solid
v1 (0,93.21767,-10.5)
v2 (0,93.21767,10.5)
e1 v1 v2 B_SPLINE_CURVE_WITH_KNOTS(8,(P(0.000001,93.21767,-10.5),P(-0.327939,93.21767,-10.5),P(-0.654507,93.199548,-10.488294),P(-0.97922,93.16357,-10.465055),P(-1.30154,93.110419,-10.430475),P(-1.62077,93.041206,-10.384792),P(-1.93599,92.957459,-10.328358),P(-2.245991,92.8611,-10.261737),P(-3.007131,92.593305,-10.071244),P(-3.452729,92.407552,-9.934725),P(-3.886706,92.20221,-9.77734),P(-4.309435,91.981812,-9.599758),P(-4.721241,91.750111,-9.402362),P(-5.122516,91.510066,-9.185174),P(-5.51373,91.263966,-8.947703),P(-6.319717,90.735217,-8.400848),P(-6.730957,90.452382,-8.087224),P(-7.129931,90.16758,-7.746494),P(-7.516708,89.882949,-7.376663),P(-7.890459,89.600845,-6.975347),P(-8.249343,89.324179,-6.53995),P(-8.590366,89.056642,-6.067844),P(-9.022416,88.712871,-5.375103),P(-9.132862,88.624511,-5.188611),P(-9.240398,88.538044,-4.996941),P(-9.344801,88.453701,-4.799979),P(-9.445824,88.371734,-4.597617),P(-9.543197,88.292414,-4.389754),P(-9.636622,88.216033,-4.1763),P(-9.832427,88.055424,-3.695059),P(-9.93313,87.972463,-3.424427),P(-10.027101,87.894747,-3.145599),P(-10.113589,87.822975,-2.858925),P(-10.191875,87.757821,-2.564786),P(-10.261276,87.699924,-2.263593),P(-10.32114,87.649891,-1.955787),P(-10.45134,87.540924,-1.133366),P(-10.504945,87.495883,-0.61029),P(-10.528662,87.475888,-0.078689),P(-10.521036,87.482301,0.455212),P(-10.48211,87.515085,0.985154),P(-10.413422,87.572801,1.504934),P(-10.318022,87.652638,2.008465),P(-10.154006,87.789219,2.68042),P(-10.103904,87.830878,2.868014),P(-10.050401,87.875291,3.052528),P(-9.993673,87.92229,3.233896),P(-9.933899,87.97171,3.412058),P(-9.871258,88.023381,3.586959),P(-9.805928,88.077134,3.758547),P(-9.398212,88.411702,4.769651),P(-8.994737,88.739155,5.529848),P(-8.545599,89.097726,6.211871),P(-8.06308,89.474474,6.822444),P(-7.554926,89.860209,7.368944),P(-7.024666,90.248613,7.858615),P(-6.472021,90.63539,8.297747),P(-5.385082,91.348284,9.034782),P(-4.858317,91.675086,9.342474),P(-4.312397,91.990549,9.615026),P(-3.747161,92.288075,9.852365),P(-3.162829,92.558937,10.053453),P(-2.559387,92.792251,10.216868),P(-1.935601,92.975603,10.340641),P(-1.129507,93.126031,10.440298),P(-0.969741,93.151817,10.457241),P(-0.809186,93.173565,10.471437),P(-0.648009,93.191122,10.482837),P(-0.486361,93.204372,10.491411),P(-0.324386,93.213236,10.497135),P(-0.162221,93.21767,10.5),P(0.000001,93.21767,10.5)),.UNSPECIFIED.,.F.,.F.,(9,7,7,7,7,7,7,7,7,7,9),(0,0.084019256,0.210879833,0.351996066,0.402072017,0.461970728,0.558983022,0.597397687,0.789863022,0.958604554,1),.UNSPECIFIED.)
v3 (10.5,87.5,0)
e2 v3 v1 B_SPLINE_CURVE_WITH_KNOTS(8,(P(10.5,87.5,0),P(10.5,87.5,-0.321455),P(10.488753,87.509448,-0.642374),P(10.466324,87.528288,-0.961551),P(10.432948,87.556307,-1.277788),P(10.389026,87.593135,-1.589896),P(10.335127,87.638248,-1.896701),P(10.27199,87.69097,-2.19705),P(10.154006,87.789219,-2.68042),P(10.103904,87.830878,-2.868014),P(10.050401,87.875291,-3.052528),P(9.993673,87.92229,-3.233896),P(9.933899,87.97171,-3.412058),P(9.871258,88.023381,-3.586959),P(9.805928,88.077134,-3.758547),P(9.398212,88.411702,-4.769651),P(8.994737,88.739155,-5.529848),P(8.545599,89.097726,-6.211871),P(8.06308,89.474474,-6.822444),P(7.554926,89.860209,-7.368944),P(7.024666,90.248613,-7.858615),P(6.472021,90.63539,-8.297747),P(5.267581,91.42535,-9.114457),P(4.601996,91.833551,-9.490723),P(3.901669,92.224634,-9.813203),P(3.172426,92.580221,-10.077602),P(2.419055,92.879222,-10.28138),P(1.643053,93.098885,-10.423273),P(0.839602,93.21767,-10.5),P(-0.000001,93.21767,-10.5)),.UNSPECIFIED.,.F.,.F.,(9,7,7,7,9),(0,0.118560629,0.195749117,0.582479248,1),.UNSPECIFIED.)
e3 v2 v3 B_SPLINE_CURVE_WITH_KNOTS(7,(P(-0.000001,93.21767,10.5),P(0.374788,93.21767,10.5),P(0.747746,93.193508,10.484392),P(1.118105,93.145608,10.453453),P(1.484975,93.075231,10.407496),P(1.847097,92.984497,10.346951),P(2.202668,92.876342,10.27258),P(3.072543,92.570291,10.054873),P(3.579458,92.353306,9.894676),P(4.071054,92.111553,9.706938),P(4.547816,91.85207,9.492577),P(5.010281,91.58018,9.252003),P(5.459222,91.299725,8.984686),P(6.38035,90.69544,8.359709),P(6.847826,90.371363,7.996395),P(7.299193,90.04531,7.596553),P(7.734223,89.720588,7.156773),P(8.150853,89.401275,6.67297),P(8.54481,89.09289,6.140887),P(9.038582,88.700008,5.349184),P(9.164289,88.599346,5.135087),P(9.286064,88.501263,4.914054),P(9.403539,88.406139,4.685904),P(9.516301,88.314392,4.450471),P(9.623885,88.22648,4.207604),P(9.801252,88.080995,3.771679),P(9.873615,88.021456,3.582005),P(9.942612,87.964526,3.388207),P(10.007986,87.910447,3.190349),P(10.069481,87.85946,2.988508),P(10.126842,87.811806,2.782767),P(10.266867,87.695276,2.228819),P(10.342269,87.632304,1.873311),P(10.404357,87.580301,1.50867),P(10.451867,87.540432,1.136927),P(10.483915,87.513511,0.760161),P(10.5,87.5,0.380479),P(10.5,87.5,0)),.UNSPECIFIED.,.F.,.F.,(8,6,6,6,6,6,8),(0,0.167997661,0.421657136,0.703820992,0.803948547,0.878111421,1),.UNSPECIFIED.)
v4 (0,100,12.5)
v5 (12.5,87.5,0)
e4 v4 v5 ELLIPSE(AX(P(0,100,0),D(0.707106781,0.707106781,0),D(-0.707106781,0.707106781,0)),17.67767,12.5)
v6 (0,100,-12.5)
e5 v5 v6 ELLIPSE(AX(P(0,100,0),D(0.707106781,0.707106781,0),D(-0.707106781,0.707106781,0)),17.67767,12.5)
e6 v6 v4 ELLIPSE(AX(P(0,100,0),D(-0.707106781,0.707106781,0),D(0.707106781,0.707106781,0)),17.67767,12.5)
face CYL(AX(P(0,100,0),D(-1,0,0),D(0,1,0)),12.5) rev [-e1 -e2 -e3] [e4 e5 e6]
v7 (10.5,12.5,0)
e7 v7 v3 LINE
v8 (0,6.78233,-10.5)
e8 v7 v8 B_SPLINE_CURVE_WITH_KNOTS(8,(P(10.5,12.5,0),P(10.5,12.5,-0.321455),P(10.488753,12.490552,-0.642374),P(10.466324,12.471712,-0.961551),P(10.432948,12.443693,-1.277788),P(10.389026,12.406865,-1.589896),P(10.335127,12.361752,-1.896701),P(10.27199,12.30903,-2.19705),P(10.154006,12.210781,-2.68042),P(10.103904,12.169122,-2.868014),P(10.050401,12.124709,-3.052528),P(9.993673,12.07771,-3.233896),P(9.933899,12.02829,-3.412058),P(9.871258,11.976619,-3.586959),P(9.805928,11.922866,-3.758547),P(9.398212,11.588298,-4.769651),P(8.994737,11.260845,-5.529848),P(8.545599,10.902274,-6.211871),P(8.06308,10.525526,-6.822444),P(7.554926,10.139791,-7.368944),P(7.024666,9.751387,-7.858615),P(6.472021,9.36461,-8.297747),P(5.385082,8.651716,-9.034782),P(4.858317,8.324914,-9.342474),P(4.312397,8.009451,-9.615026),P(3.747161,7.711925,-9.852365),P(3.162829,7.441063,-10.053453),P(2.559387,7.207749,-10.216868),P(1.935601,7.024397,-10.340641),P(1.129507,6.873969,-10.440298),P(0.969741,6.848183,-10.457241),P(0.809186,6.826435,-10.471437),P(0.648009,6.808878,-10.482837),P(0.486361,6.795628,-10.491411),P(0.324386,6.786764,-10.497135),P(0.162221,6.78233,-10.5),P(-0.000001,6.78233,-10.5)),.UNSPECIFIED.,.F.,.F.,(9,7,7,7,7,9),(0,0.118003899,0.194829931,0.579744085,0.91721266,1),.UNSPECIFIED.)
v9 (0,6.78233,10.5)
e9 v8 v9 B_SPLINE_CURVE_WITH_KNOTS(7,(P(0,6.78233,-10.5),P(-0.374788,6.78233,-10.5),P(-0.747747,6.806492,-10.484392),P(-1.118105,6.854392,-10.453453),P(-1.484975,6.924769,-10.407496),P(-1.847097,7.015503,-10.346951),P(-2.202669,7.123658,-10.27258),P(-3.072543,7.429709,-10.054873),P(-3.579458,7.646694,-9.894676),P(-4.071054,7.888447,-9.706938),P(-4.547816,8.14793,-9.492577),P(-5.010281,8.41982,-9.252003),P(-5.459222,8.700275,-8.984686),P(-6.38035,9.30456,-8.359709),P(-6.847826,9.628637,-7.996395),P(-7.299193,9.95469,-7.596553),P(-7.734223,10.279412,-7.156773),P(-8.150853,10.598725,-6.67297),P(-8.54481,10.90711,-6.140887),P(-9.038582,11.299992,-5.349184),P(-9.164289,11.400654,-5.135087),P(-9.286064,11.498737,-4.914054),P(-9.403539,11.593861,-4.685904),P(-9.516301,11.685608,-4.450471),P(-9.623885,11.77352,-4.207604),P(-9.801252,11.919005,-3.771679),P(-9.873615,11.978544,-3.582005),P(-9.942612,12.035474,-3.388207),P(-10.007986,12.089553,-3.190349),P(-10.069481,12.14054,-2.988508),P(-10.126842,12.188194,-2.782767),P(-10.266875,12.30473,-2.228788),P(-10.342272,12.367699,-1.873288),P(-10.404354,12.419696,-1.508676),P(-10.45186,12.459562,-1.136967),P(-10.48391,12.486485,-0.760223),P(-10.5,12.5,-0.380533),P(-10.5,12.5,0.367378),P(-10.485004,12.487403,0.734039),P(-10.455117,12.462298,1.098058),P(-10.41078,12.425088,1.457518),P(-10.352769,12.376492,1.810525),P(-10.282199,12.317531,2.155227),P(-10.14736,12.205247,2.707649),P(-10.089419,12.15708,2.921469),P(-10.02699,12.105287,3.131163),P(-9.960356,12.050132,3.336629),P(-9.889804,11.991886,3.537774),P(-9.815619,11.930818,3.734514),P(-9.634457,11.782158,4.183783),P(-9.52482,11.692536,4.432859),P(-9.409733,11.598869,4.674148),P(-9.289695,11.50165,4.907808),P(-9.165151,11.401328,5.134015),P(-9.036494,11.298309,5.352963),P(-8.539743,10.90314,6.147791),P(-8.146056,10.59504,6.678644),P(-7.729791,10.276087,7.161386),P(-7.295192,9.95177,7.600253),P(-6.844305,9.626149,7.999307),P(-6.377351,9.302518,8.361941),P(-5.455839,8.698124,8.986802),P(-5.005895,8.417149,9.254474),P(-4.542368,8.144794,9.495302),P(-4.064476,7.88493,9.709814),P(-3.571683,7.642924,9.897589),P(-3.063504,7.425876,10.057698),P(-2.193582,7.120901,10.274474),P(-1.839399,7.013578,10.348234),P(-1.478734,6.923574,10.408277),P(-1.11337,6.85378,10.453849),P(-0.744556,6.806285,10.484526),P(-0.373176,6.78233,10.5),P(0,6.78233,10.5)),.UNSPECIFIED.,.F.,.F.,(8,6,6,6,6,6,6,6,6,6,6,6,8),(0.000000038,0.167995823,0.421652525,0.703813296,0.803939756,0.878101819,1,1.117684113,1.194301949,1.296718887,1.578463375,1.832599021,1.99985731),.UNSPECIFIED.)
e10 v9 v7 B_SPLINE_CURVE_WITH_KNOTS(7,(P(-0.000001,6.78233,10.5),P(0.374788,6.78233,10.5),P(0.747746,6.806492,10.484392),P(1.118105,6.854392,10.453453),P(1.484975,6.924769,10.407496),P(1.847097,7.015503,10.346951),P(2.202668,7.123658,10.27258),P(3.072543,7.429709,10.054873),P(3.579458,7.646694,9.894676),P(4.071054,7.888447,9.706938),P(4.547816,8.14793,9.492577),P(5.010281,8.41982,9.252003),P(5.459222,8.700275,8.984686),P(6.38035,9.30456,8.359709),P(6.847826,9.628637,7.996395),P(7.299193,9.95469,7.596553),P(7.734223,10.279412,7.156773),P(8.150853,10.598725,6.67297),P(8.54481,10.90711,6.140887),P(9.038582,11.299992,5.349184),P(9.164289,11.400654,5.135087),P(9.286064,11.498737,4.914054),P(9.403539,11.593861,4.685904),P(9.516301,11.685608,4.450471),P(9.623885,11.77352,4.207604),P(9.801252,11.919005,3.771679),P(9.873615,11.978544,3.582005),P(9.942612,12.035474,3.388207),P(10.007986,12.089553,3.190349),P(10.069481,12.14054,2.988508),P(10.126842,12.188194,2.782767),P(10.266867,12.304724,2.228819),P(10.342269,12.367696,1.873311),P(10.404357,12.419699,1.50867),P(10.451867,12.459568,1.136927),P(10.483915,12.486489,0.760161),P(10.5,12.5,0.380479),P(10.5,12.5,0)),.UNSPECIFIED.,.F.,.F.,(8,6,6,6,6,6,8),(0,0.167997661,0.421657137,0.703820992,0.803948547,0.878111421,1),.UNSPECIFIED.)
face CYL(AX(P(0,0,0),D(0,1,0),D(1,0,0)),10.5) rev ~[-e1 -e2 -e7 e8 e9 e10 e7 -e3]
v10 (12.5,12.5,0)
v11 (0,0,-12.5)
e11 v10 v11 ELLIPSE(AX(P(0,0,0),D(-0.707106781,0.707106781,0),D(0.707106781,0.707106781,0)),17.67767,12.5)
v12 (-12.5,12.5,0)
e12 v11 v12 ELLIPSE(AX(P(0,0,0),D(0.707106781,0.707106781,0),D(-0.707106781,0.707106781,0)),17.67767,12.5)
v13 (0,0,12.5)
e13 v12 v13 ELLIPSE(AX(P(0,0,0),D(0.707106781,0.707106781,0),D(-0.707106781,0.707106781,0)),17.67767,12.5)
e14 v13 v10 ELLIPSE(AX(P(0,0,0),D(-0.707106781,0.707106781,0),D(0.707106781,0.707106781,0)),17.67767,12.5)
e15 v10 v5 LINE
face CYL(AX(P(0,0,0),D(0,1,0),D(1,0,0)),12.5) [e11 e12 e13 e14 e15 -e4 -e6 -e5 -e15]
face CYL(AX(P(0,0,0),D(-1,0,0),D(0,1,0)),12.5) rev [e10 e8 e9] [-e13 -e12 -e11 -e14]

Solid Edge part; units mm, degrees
sketch "Sketch1" plane through (0, 0, 0) normal (0, 0, 1) x (1, 0, 0)
  line L0 (0, 0) -> (0, 100)
  dimension "D1" = 100
sketch "Sketch2" plane through (0, 0, 0) normal (0, -1, 0) x (1, 0, 0)
  circle A0 centre (0, 0) radius 12.5
sweep "SweptProtrusion_1" add profiles "Sketch2" path "Sketch1"
shell "Thinwall_1" thickness 2 removed faces 2 at (-8.0833, 0, 8.5833) at (-8.0833, 100, 8.5833)
sketch "Sketch3" plane through (0, 0, 0) normal (1, 0, 0) x (0, 1, 0)
  circle A0 centre (0, 0) radius 12.5
  circle A1 centre (100, 0) radius 12.5
extrude "Cutout1" cut sketch "Sketch3" along normal through all and the other way through all
properties material "Stainless steel"
